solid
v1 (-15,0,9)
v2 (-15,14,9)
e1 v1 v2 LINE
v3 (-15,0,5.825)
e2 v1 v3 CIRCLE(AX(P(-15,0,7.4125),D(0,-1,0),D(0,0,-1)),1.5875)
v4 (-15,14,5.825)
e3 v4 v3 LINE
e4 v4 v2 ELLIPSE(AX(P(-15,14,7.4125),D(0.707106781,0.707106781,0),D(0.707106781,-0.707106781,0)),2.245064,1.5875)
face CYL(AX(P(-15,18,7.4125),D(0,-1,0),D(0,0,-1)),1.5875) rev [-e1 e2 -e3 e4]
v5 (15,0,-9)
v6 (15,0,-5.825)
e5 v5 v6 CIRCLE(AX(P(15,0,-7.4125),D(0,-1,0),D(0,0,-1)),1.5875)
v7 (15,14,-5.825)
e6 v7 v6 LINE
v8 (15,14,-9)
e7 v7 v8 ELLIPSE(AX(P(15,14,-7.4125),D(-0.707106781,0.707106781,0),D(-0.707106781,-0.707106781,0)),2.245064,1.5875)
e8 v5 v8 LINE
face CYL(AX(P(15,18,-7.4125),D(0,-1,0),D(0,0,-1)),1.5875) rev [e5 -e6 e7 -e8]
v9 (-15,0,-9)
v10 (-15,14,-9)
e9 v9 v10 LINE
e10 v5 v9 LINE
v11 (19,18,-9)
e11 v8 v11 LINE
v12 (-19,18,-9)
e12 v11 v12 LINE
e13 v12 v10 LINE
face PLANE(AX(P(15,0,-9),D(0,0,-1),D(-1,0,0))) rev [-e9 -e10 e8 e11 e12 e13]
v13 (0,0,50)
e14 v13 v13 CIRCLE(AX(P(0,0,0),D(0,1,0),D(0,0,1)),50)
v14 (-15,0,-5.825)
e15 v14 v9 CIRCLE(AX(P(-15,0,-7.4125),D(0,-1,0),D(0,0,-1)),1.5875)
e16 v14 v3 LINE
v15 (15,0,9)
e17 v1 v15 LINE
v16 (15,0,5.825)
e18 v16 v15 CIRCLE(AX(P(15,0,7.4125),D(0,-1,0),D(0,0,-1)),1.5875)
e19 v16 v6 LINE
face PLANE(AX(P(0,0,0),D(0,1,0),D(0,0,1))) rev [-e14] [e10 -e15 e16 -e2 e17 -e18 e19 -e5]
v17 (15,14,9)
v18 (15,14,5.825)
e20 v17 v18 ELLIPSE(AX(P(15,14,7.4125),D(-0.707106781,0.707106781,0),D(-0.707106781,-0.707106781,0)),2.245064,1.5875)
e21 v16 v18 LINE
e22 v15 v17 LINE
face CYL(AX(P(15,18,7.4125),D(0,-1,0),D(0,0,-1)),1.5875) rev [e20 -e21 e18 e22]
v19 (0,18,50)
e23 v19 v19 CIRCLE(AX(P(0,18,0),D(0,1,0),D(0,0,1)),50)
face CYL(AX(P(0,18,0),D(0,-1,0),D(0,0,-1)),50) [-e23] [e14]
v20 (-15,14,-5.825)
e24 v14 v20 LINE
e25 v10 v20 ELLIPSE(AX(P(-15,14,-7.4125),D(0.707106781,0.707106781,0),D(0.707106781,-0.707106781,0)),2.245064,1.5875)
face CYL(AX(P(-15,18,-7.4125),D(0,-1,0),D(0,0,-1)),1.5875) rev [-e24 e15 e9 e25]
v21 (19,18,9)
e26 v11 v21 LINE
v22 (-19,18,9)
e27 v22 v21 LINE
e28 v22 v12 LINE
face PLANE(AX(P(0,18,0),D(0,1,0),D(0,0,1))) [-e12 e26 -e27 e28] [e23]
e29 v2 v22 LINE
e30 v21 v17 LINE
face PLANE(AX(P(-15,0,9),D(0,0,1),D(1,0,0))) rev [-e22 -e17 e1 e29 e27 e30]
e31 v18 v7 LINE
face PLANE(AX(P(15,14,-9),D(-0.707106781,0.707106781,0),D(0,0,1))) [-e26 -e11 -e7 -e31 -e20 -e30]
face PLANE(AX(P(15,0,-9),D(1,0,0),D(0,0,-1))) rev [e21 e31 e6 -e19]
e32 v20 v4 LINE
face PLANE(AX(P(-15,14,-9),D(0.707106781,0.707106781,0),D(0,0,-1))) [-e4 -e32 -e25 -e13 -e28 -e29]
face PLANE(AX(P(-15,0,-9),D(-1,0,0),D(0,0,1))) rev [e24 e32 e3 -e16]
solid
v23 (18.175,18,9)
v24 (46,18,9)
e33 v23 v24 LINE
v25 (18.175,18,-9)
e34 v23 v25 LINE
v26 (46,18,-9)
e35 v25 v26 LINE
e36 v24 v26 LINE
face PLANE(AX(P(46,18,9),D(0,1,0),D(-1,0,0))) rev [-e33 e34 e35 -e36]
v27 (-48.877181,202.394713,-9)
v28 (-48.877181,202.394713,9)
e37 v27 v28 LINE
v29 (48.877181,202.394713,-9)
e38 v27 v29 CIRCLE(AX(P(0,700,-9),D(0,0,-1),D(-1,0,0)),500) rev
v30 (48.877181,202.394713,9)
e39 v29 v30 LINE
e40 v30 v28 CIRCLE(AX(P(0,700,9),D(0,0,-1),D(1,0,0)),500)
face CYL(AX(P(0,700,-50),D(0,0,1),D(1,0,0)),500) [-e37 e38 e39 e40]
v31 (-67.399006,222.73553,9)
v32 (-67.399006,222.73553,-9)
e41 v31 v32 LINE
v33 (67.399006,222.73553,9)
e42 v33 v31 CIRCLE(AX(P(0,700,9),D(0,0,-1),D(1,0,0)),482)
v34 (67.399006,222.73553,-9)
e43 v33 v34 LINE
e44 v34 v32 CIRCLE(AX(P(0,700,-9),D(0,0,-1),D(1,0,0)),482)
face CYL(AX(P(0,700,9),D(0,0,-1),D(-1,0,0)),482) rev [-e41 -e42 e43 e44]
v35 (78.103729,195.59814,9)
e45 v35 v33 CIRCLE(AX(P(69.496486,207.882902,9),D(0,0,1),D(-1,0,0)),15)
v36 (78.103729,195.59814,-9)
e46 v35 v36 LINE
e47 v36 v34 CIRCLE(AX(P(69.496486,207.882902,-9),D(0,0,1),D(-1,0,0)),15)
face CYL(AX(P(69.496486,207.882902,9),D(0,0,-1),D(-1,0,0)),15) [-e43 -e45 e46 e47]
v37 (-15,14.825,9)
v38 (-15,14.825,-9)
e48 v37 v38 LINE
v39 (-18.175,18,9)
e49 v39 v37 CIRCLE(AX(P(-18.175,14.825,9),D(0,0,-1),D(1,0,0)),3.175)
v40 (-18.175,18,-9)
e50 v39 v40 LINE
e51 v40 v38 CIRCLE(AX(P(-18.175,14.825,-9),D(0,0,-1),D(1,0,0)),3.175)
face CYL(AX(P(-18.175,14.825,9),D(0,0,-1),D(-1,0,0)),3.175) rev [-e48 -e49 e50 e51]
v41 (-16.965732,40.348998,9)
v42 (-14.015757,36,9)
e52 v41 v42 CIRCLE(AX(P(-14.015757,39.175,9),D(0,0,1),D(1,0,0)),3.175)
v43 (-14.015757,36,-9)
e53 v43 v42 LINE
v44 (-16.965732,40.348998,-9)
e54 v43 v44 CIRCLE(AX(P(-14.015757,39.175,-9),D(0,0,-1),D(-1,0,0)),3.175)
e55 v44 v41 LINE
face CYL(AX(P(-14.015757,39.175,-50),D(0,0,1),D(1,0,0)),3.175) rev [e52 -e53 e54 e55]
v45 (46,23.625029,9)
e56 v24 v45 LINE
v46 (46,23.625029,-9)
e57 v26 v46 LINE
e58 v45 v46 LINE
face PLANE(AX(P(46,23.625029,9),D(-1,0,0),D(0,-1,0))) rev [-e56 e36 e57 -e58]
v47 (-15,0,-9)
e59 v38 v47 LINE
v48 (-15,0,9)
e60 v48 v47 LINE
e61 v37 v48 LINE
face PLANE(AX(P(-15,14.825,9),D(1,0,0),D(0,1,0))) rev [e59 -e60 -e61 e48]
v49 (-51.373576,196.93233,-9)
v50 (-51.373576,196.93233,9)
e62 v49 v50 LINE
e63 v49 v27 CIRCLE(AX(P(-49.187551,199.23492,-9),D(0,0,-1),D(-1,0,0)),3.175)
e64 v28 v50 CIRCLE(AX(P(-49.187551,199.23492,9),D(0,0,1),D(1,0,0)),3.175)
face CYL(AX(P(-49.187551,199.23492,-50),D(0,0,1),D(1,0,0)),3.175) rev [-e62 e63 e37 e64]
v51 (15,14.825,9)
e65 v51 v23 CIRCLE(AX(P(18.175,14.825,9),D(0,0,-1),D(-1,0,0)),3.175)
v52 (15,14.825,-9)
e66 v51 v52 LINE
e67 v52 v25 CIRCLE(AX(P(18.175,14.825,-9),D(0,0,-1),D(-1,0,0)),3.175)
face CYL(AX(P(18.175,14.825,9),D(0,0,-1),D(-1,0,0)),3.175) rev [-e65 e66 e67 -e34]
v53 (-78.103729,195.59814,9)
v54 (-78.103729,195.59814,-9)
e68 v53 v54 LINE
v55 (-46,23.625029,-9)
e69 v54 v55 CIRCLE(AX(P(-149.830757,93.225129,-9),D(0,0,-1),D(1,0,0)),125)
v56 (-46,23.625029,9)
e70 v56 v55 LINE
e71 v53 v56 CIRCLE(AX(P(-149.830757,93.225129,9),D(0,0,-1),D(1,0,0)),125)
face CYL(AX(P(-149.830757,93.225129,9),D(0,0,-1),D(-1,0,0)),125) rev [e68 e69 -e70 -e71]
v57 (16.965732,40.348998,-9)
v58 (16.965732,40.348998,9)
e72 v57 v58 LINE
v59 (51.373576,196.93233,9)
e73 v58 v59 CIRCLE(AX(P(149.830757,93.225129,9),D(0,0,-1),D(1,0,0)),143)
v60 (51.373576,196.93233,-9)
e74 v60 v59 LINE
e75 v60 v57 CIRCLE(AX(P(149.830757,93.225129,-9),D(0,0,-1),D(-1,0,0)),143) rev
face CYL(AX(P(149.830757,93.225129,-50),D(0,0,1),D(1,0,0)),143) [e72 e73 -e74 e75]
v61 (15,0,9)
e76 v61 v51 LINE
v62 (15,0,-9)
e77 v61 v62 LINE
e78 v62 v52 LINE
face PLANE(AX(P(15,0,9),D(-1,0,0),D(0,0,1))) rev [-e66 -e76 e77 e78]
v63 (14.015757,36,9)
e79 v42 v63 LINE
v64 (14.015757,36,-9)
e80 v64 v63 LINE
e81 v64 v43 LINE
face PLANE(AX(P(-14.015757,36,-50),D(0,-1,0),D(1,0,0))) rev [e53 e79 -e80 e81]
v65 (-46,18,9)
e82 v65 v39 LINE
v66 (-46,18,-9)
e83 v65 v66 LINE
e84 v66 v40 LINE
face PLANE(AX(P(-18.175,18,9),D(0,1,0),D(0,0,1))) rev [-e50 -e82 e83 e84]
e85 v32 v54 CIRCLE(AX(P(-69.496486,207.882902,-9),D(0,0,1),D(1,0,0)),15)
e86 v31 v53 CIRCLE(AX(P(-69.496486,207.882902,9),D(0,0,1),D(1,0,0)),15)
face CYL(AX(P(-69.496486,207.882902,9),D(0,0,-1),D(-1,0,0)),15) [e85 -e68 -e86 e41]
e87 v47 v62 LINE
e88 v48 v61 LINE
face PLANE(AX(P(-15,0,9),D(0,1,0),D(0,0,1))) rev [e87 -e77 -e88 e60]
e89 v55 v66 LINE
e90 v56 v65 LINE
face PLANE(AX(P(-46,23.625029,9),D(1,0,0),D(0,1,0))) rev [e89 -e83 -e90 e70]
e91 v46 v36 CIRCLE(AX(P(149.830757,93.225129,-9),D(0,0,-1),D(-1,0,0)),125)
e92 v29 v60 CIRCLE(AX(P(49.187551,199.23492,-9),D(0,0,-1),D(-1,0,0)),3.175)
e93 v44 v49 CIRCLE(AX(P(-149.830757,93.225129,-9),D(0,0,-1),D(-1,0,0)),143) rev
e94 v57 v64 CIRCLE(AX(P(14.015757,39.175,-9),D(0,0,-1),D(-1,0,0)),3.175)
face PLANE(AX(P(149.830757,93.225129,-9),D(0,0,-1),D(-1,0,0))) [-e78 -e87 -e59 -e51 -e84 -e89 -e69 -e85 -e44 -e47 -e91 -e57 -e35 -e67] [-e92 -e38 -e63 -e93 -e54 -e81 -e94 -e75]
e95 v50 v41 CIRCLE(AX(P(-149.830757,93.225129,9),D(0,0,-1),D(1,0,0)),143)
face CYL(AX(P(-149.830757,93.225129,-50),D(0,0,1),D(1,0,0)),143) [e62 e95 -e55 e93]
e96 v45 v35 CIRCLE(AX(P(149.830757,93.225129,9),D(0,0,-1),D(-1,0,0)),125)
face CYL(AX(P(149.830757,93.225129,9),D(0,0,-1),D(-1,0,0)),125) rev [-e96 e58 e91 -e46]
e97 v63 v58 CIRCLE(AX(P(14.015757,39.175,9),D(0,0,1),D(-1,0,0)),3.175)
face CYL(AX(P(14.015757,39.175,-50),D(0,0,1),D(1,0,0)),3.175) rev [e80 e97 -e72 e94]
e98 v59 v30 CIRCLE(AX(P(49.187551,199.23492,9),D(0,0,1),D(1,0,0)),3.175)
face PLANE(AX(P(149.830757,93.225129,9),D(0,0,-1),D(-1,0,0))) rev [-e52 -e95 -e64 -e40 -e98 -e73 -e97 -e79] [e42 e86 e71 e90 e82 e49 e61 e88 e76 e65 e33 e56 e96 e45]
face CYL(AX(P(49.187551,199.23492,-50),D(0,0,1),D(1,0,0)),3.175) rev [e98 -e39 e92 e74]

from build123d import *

# Parameters (mm, degrees)
SKETCH2_R               = 50
BOSS_EXTRUDE1_DEPTH     = 18
BOSS_EXTRUDE2_DEPTH     = 9
CUT_EXTRUDE1_DEPTH      = 246.555378534
CUT_EXTRUDE2_DEPTH      = 228.193000482
CUT_EXTRUDE2_DEPTH_BACK = 228.193000482
SKETCH5_W               = 30
SKETCH5_H               = 18
CHAMFER1_SIZE           = 4
SKETCH6_R               = 1.5875
CUT_EXTRUDE3_DEPTH      = 18


with BuildPart() as part:
    # Sketch2 → Boss-Extrude1 (new body)
    with BuildSketch(Plane(origin=(0, 0, 0), x_dir=(1, 0, 0), z_dir=(0, 1, 0))):
        with Locations(Location((0, 0, 0), (0, 0, 270))):
            Circle(SKETCH2_R)
    extrude(amount=BOSS_EXTRUDE1_DEPTH)

    # Sketch5 → Cut-Extrude2 (cut, two sides: drawn at the far end of the back side and taken through both)
    with BuildSketch(Plane(origin=(0, 18, 0), x_dir=(1, 0, 0), z_dir=(0, 1, 0)).offset(-CUT_EXTRUDE2_DEPTH_BACK)):
        Rectangle(SKETCH5_W, SKETCH5_H)
    extrude(amount=CUT_EXTRUDE2_DEPTH + CUT_EXTRUDE2_DEPTH_BACK, mode=Mode.SUBTRACT)

    # Chamfer1
    chamfer1_edges = [part.edges().sort_by_distance(p)[0] for p in [
        (15, 18, 0),
        (-15, 18, 0),
    ]]
    chamfer(chamfer1_edges, length=CHAMFER1_SIZE)

    # Sketch6 → Cut-Extrude3 (cut)
    with BuildSketch(Plane.XZ):
        with Locations((-15, 7.4125)):
            Circle(SKETCH6_R)
        with Locations((-15, -7.4125)):
            Circle(SKETCH6_R)
        with Locations((15, 7.4125)):
            Circle(SKETCH6_R)
        with Locations((15, -7.4125)):
            Circle(SKETCH6_R)
    extrude(amount=-CUT_EXTRUDE3_DEPTH, mode=Mode.SUBTRACT)


with BuildPart() as body_2:
    # Sketch3 → Boss-Extrude2 (new, symmetric)
    with BuildSketch(Plane.XY):
        with BuildLine():
            Line((-15, 14.825), (-15, 0))
            Line((-15, 0), (15, 0))
            Line((15, 0), (15, 14.825))
            ThreePointArc((15, 14.825), (15.92993597, 17.07006403), (18.175, 18))
            Line((18.175, 18), (46, 18))
            Line((46, 18), (46, 23.625028594))
            ThreePointArc((46, 23.625028594), (26.95349395, 116.163705067), (78.103728943, 195.598140272))
            ThreePointArc((78.103728943, 195.598140272), (83.450113872, 213.387105329), (67.399006159, 222.735530373))
            ThreePointArc((67.399006159, 222.735530373), (0, 218), (-67.399006159, 222.735530373))
            ThreePointArc((-67.399006159, 222.735530373), (-83.450113872, 213.387105329), (-78.103728943, 195.598140272))
            ThreePointArc((-78.103728943, 195.598140272), (-26.95349395, 116.163705067), (-46, 23.625028594))
            Line((-46, 23.625028594), (-46, 18))
            Line((-46, 18), (-18.175, 18))
            ThreePointArc((-18.175, 18), (-15.92993597, 17.07006403), (-15, 14.825))
        make_face()
    extrude(amount=BOSS_EXTRUDE2_DEPTH, both=True)

    # Sketch4 → Cut-Extrude1 (cut, through all)
    with BuildSketch(Plane.XY.offset(9)):
        with BuildLine():
            Line((-14.015756856, 36), (14.015756856, 36))
            ThreePointArc((14.015756856, 36), (16.643309774, 37.392700737), (16.965732055, 40.348998009))
            ThreePointArc((16.965732055, 40.348998009), (10.163023785, 123.915915071), (51.373576105, 196.932329968))
            ThreePointArc((51.373576105, 196.932329968), (52.075271601, 200.554653383), (48.877181189, 202.394713494))
            ThreePointArc((48.877181189, 202.394713494), (0, 200), (-48.877181189, 202.394713494))
            ThreePointArc((-48.877181189, 202.394713494), (-52.075271601, 200.554653383), (-51.373576105, 196.932329968))
            ThreePointArc((-51.373576105, 196.932329968), (-10.163023785, 123.915915071), (-16.965732055, 40.348998009))
            ThreePointArc((-16.965732055, 40.348998009), (-16.643309774, 37.392700737), (-14.015756856, 36))
        make_face()
    extrude(amount=-CUT_EXTRUDE1_DEPTH, mode=Mode.SUBTRACT)


solid = Compound([part.part, body_2.part])
